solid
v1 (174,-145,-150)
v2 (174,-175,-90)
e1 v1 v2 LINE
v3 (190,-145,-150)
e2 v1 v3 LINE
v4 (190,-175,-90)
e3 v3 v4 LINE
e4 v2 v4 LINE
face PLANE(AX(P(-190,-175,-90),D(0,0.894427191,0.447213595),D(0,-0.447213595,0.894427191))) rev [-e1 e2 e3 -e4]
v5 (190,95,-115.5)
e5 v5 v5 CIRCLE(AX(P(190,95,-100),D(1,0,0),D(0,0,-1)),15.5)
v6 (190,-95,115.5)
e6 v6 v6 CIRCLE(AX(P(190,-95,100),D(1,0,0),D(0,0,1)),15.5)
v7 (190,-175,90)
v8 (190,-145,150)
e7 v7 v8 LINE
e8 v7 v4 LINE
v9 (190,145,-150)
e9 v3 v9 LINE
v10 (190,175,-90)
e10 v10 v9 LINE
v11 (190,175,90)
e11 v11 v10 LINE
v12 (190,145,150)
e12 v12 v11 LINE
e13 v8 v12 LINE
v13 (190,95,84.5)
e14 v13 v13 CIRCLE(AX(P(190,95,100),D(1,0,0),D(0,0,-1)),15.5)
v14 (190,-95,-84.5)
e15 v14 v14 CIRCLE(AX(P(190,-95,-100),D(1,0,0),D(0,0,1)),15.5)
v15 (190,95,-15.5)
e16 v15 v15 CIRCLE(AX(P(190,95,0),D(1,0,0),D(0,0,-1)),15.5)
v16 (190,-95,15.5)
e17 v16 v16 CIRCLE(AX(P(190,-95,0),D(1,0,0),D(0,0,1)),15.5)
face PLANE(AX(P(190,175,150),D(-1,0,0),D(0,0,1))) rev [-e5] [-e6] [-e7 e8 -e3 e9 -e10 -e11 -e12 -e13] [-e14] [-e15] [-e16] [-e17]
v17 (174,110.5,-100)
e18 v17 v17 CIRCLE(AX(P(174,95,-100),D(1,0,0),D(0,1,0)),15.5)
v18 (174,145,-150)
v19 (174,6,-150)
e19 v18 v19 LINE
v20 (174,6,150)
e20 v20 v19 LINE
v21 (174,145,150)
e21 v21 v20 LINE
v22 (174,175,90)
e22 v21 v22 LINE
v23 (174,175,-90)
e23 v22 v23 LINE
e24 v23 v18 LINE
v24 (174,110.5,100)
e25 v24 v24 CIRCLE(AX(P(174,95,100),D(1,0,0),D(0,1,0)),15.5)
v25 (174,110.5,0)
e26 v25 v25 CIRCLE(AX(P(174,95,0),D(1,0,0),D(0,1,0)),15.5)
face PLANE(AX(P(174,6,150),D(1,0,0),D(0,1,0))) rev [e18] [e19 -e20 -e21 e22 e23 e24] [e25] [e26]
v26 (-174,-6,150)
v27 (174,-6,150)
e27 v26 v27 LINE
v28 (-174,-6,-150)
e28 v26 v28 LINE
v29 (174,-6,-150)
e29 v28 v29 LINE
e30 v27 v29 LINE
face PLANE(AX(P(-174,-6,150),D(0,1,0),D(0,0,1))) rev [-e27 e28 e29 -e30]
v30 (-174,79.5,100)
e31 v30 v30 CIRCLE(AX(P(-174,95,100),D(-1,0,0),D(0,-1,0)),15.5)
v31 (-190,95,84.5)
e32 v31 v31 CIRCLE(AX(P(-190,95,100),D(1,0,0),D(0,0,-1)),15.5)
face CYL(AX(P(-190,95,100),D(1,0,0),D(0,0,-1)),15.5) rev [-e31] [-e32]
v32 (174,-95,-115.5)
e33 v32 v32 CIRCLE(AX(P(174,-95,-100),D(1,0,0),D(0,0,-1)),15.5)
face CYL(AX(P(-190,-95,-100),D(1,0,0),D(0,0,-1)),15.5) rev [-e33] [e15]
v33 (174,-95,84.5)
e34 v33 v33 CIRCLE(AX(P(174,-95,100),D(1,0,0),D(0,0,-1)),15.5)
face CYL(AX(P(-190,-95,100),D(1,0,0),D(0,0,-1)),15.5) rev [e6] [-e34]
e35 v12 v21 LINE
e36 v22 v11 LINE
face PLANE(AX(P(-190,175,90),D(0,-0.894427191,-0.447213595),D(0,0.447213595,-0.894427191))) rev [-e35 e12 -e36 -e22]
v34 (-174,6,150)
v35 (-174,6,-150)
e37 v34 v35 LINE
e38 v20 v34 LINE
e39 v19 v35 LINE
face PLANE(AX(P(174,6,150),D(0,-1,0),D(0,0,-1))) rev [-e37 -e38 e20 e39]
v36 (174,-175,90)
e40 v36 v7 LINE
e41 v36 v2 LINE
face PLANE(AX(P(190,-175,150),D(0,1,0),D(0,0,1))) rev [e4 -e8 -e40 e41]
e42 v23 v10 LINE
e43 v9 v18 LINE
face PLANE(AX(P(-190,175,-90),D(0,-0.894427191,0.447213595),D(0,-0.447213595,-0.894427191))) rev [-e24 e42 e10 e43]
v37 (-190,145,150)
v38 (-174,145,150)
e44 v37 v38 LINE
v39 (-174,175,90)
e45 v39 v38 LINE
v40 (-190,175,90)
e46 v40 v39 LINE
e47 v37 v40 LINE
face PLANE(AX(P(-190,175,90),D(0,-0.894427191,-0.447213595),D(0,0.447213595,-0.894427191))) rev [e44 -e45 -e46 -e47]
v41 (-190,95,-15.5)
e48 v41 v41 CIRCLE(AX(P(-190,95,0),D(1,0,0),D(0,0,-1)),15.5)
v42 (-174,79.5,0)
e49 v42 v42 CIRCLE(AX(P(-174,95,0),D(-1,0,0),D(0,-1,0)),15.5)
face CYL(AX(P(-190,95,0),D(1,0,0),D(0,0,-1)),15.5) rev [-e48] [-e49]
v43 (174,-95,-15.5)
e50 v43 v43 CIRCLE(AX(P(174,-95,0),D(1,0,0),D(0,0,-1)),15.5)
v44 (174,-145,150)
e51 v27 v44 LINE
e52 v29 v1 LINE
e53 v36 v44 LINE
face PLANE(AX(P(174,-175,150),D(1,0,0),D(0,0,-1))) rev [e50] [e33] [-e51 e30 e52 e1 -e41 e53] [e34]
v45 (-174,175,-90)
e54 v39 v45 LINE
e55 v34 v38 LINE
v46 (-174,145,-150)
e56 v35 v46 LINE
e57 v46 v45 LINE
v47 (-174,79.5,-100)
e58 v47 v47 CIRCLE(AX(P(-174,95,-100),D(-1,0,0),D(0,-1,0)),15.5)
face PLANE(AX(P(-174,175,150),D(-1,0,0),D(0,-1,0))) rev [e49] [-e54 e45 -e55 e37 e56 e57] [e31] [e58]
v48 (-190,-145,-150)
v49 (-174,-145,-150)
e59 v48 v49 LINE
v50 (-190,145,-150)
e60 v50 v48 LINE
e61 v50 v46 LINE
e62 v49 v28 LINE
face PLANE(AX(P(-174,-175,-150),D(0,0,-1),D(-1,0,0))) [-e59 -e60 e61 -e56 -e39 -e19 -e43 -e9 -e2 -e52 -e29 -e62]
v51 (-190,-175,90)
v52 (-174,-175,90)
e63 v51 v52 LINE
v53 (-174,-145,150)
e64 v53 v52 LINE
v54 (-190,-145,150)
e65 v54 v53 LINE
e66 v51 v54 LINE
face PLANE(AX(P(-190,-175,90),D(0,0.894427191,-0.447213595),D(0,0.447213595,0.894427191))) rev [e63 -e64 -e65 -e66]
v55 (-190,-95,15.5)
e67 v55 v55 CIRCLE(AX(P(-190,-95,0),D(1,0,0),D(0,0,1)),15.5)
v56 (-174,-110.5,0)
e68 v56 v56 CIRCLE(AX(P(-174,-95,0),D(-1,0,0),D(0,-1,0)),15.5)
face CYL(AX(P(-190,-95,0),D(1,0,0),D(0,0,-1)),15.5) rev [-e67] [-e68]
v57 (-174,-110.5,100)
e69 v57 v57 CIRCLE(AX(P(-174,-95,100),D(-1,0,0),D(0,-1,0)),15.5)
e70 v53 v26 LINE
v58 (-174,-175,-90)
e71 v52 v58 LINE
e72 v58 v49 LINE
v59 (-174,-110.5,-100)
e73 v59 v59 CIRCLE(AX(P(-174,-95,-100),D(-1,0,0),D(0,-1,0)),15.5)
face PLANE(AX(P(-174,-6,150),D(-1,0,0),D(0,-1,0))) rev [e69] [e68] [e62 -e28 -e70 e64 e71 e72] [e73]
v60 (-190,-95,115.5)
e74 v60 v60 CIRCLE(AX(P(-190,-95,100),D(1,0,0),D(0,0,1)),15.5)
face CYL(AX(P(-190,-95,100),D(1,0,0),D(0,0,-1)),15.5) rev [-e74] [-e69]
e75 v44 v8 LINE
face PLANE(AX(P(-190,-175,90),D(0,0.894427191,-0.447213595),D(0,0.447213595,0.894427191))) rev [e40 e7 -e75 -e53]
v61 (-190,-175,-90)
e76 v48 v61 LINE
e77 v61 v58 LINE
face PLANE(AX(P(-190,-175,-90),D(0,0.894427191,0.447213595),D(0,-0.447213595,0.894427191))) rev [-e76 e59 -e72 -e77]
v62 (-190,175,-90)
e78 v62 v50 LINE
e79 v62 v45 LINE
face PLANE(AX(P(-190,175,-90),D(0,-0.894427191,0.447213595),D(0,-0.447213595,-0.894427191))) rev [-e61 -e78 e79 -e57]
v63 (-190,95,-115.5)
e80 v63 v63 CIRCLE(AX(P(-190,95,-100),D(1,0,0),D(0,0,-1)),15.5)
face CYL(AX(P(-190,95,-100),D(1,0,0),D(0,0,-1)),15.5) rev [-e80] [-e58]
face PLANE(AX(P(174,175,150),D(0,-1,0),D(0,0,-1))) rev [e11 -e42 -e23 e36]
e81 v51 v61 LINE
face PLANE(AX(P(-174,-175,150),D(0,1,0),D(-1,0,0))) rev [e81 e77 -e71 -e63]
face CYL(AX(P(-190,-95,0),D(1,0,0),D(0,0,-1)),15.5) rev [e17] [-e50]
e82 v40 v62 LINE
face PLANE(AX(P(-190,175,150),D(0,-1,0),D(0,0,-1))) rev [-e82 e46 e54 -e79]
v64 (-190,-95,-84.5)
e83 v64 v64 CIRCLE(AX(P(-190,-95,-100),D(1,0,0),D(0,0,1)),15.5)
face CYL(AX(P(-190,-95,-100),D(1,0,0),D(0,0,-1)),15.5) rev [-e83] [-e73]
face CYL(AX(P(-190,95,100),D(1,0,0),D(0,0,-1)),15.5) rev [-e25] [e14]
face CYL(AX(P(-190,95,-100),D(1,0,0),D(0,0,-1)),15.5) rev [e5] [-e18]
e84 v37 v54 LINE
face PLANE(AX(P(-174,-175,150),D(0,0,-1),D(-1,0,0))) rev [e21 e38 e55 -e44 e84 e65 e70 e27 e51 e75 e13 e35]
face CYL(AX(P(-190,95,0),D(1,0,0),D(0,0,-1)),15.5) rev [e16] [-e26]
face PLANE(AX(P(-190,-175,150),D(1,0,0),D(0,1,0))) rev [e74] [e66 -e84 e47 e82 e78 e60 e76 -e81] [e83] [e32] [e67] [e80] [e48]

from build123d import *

# Parameters (mm, degrees)
EXTRUDE_1_DEPTH          = 150
SKETCH_2_R               = 15.5
CUT_EXTRUDE_7_DEPTH      = 445.437847173
CUT_EXTRUDE_8_DEPTH      = 299.705540625
CUT_EXTRUDE_8_DEPTH_BACK = 299.705540625


with BuildPart() as part:
    # 草图1 → 拉伸1 (new, symmetric)
    with BuildSketch(Plane.XY):
        Polygon((-174, -6), (174, -6), (174, -175), (190, -175), (190, 175), (174, 175), (174, 6), (-174, 6), (-174, 175), (-190, 175), (-190, -175), (-174, -175), align=None)
    extrude(amount=EXTRUDE_1_DEPTH, both=True)

    # 草图2 → 拉伸7 (cut, through all)
    with BuildSketch(Plane(origin=(190, 0, 0), x_dir=(0, 0, -1), z_dir=(1, 0, 0))):
        with Locations((-100, 95)):
            Circle(SKETCH_2_R)
        with Locations((0, 95)):
            Circle(SKETCH_2_R)
        with Locations((100, 95)):
            Circle(SKETCH_2_R)
        with Locations(Location((100, -95, 0), (0, 0, 270))):
            Circle(SKETCH_2_R)
        with Locations(Location((0, -95, 0), (0, 0, 270))):
            Circle(SKETCH_2_R)
        with Locations(Location((-100, -95, 0), (0, 0, 270))):
            Circle(SKETCH_2_R)
    extrude(amount=-CUT_EXTRUDE_7_DEPTH, mode=Mode.SUBTRACT)

    # 草图3 → 拉伸8 (cut, two sides: drawn at the far end of the back side and taken through both)
    with BuildSketch(Plane(origin=(0, 0, 0), x_dir=(0, 0, -1), z_dir=(1, 0, 0)).offset(-CUT_EXTRUDE_8_DEPTH_BACK)):
        Polygon((-150, 175), (-90, 175), (-150, 145), align=None)
        Polygon((150, 145), (150, 175), (90, 175), align=None)
        Polygon((150, -175), (90, -175), (150, -145), align=None)
        Polygon((-150, -145), (-150, -175), (-90, -175), align=None)
    extrude(amount=CUT_EXTRUDE_8_DEPTH + CUT_EXTRUDE_8_DEPTH_BACK, mode=Mode.SUBTRACT)


solid = part.part
